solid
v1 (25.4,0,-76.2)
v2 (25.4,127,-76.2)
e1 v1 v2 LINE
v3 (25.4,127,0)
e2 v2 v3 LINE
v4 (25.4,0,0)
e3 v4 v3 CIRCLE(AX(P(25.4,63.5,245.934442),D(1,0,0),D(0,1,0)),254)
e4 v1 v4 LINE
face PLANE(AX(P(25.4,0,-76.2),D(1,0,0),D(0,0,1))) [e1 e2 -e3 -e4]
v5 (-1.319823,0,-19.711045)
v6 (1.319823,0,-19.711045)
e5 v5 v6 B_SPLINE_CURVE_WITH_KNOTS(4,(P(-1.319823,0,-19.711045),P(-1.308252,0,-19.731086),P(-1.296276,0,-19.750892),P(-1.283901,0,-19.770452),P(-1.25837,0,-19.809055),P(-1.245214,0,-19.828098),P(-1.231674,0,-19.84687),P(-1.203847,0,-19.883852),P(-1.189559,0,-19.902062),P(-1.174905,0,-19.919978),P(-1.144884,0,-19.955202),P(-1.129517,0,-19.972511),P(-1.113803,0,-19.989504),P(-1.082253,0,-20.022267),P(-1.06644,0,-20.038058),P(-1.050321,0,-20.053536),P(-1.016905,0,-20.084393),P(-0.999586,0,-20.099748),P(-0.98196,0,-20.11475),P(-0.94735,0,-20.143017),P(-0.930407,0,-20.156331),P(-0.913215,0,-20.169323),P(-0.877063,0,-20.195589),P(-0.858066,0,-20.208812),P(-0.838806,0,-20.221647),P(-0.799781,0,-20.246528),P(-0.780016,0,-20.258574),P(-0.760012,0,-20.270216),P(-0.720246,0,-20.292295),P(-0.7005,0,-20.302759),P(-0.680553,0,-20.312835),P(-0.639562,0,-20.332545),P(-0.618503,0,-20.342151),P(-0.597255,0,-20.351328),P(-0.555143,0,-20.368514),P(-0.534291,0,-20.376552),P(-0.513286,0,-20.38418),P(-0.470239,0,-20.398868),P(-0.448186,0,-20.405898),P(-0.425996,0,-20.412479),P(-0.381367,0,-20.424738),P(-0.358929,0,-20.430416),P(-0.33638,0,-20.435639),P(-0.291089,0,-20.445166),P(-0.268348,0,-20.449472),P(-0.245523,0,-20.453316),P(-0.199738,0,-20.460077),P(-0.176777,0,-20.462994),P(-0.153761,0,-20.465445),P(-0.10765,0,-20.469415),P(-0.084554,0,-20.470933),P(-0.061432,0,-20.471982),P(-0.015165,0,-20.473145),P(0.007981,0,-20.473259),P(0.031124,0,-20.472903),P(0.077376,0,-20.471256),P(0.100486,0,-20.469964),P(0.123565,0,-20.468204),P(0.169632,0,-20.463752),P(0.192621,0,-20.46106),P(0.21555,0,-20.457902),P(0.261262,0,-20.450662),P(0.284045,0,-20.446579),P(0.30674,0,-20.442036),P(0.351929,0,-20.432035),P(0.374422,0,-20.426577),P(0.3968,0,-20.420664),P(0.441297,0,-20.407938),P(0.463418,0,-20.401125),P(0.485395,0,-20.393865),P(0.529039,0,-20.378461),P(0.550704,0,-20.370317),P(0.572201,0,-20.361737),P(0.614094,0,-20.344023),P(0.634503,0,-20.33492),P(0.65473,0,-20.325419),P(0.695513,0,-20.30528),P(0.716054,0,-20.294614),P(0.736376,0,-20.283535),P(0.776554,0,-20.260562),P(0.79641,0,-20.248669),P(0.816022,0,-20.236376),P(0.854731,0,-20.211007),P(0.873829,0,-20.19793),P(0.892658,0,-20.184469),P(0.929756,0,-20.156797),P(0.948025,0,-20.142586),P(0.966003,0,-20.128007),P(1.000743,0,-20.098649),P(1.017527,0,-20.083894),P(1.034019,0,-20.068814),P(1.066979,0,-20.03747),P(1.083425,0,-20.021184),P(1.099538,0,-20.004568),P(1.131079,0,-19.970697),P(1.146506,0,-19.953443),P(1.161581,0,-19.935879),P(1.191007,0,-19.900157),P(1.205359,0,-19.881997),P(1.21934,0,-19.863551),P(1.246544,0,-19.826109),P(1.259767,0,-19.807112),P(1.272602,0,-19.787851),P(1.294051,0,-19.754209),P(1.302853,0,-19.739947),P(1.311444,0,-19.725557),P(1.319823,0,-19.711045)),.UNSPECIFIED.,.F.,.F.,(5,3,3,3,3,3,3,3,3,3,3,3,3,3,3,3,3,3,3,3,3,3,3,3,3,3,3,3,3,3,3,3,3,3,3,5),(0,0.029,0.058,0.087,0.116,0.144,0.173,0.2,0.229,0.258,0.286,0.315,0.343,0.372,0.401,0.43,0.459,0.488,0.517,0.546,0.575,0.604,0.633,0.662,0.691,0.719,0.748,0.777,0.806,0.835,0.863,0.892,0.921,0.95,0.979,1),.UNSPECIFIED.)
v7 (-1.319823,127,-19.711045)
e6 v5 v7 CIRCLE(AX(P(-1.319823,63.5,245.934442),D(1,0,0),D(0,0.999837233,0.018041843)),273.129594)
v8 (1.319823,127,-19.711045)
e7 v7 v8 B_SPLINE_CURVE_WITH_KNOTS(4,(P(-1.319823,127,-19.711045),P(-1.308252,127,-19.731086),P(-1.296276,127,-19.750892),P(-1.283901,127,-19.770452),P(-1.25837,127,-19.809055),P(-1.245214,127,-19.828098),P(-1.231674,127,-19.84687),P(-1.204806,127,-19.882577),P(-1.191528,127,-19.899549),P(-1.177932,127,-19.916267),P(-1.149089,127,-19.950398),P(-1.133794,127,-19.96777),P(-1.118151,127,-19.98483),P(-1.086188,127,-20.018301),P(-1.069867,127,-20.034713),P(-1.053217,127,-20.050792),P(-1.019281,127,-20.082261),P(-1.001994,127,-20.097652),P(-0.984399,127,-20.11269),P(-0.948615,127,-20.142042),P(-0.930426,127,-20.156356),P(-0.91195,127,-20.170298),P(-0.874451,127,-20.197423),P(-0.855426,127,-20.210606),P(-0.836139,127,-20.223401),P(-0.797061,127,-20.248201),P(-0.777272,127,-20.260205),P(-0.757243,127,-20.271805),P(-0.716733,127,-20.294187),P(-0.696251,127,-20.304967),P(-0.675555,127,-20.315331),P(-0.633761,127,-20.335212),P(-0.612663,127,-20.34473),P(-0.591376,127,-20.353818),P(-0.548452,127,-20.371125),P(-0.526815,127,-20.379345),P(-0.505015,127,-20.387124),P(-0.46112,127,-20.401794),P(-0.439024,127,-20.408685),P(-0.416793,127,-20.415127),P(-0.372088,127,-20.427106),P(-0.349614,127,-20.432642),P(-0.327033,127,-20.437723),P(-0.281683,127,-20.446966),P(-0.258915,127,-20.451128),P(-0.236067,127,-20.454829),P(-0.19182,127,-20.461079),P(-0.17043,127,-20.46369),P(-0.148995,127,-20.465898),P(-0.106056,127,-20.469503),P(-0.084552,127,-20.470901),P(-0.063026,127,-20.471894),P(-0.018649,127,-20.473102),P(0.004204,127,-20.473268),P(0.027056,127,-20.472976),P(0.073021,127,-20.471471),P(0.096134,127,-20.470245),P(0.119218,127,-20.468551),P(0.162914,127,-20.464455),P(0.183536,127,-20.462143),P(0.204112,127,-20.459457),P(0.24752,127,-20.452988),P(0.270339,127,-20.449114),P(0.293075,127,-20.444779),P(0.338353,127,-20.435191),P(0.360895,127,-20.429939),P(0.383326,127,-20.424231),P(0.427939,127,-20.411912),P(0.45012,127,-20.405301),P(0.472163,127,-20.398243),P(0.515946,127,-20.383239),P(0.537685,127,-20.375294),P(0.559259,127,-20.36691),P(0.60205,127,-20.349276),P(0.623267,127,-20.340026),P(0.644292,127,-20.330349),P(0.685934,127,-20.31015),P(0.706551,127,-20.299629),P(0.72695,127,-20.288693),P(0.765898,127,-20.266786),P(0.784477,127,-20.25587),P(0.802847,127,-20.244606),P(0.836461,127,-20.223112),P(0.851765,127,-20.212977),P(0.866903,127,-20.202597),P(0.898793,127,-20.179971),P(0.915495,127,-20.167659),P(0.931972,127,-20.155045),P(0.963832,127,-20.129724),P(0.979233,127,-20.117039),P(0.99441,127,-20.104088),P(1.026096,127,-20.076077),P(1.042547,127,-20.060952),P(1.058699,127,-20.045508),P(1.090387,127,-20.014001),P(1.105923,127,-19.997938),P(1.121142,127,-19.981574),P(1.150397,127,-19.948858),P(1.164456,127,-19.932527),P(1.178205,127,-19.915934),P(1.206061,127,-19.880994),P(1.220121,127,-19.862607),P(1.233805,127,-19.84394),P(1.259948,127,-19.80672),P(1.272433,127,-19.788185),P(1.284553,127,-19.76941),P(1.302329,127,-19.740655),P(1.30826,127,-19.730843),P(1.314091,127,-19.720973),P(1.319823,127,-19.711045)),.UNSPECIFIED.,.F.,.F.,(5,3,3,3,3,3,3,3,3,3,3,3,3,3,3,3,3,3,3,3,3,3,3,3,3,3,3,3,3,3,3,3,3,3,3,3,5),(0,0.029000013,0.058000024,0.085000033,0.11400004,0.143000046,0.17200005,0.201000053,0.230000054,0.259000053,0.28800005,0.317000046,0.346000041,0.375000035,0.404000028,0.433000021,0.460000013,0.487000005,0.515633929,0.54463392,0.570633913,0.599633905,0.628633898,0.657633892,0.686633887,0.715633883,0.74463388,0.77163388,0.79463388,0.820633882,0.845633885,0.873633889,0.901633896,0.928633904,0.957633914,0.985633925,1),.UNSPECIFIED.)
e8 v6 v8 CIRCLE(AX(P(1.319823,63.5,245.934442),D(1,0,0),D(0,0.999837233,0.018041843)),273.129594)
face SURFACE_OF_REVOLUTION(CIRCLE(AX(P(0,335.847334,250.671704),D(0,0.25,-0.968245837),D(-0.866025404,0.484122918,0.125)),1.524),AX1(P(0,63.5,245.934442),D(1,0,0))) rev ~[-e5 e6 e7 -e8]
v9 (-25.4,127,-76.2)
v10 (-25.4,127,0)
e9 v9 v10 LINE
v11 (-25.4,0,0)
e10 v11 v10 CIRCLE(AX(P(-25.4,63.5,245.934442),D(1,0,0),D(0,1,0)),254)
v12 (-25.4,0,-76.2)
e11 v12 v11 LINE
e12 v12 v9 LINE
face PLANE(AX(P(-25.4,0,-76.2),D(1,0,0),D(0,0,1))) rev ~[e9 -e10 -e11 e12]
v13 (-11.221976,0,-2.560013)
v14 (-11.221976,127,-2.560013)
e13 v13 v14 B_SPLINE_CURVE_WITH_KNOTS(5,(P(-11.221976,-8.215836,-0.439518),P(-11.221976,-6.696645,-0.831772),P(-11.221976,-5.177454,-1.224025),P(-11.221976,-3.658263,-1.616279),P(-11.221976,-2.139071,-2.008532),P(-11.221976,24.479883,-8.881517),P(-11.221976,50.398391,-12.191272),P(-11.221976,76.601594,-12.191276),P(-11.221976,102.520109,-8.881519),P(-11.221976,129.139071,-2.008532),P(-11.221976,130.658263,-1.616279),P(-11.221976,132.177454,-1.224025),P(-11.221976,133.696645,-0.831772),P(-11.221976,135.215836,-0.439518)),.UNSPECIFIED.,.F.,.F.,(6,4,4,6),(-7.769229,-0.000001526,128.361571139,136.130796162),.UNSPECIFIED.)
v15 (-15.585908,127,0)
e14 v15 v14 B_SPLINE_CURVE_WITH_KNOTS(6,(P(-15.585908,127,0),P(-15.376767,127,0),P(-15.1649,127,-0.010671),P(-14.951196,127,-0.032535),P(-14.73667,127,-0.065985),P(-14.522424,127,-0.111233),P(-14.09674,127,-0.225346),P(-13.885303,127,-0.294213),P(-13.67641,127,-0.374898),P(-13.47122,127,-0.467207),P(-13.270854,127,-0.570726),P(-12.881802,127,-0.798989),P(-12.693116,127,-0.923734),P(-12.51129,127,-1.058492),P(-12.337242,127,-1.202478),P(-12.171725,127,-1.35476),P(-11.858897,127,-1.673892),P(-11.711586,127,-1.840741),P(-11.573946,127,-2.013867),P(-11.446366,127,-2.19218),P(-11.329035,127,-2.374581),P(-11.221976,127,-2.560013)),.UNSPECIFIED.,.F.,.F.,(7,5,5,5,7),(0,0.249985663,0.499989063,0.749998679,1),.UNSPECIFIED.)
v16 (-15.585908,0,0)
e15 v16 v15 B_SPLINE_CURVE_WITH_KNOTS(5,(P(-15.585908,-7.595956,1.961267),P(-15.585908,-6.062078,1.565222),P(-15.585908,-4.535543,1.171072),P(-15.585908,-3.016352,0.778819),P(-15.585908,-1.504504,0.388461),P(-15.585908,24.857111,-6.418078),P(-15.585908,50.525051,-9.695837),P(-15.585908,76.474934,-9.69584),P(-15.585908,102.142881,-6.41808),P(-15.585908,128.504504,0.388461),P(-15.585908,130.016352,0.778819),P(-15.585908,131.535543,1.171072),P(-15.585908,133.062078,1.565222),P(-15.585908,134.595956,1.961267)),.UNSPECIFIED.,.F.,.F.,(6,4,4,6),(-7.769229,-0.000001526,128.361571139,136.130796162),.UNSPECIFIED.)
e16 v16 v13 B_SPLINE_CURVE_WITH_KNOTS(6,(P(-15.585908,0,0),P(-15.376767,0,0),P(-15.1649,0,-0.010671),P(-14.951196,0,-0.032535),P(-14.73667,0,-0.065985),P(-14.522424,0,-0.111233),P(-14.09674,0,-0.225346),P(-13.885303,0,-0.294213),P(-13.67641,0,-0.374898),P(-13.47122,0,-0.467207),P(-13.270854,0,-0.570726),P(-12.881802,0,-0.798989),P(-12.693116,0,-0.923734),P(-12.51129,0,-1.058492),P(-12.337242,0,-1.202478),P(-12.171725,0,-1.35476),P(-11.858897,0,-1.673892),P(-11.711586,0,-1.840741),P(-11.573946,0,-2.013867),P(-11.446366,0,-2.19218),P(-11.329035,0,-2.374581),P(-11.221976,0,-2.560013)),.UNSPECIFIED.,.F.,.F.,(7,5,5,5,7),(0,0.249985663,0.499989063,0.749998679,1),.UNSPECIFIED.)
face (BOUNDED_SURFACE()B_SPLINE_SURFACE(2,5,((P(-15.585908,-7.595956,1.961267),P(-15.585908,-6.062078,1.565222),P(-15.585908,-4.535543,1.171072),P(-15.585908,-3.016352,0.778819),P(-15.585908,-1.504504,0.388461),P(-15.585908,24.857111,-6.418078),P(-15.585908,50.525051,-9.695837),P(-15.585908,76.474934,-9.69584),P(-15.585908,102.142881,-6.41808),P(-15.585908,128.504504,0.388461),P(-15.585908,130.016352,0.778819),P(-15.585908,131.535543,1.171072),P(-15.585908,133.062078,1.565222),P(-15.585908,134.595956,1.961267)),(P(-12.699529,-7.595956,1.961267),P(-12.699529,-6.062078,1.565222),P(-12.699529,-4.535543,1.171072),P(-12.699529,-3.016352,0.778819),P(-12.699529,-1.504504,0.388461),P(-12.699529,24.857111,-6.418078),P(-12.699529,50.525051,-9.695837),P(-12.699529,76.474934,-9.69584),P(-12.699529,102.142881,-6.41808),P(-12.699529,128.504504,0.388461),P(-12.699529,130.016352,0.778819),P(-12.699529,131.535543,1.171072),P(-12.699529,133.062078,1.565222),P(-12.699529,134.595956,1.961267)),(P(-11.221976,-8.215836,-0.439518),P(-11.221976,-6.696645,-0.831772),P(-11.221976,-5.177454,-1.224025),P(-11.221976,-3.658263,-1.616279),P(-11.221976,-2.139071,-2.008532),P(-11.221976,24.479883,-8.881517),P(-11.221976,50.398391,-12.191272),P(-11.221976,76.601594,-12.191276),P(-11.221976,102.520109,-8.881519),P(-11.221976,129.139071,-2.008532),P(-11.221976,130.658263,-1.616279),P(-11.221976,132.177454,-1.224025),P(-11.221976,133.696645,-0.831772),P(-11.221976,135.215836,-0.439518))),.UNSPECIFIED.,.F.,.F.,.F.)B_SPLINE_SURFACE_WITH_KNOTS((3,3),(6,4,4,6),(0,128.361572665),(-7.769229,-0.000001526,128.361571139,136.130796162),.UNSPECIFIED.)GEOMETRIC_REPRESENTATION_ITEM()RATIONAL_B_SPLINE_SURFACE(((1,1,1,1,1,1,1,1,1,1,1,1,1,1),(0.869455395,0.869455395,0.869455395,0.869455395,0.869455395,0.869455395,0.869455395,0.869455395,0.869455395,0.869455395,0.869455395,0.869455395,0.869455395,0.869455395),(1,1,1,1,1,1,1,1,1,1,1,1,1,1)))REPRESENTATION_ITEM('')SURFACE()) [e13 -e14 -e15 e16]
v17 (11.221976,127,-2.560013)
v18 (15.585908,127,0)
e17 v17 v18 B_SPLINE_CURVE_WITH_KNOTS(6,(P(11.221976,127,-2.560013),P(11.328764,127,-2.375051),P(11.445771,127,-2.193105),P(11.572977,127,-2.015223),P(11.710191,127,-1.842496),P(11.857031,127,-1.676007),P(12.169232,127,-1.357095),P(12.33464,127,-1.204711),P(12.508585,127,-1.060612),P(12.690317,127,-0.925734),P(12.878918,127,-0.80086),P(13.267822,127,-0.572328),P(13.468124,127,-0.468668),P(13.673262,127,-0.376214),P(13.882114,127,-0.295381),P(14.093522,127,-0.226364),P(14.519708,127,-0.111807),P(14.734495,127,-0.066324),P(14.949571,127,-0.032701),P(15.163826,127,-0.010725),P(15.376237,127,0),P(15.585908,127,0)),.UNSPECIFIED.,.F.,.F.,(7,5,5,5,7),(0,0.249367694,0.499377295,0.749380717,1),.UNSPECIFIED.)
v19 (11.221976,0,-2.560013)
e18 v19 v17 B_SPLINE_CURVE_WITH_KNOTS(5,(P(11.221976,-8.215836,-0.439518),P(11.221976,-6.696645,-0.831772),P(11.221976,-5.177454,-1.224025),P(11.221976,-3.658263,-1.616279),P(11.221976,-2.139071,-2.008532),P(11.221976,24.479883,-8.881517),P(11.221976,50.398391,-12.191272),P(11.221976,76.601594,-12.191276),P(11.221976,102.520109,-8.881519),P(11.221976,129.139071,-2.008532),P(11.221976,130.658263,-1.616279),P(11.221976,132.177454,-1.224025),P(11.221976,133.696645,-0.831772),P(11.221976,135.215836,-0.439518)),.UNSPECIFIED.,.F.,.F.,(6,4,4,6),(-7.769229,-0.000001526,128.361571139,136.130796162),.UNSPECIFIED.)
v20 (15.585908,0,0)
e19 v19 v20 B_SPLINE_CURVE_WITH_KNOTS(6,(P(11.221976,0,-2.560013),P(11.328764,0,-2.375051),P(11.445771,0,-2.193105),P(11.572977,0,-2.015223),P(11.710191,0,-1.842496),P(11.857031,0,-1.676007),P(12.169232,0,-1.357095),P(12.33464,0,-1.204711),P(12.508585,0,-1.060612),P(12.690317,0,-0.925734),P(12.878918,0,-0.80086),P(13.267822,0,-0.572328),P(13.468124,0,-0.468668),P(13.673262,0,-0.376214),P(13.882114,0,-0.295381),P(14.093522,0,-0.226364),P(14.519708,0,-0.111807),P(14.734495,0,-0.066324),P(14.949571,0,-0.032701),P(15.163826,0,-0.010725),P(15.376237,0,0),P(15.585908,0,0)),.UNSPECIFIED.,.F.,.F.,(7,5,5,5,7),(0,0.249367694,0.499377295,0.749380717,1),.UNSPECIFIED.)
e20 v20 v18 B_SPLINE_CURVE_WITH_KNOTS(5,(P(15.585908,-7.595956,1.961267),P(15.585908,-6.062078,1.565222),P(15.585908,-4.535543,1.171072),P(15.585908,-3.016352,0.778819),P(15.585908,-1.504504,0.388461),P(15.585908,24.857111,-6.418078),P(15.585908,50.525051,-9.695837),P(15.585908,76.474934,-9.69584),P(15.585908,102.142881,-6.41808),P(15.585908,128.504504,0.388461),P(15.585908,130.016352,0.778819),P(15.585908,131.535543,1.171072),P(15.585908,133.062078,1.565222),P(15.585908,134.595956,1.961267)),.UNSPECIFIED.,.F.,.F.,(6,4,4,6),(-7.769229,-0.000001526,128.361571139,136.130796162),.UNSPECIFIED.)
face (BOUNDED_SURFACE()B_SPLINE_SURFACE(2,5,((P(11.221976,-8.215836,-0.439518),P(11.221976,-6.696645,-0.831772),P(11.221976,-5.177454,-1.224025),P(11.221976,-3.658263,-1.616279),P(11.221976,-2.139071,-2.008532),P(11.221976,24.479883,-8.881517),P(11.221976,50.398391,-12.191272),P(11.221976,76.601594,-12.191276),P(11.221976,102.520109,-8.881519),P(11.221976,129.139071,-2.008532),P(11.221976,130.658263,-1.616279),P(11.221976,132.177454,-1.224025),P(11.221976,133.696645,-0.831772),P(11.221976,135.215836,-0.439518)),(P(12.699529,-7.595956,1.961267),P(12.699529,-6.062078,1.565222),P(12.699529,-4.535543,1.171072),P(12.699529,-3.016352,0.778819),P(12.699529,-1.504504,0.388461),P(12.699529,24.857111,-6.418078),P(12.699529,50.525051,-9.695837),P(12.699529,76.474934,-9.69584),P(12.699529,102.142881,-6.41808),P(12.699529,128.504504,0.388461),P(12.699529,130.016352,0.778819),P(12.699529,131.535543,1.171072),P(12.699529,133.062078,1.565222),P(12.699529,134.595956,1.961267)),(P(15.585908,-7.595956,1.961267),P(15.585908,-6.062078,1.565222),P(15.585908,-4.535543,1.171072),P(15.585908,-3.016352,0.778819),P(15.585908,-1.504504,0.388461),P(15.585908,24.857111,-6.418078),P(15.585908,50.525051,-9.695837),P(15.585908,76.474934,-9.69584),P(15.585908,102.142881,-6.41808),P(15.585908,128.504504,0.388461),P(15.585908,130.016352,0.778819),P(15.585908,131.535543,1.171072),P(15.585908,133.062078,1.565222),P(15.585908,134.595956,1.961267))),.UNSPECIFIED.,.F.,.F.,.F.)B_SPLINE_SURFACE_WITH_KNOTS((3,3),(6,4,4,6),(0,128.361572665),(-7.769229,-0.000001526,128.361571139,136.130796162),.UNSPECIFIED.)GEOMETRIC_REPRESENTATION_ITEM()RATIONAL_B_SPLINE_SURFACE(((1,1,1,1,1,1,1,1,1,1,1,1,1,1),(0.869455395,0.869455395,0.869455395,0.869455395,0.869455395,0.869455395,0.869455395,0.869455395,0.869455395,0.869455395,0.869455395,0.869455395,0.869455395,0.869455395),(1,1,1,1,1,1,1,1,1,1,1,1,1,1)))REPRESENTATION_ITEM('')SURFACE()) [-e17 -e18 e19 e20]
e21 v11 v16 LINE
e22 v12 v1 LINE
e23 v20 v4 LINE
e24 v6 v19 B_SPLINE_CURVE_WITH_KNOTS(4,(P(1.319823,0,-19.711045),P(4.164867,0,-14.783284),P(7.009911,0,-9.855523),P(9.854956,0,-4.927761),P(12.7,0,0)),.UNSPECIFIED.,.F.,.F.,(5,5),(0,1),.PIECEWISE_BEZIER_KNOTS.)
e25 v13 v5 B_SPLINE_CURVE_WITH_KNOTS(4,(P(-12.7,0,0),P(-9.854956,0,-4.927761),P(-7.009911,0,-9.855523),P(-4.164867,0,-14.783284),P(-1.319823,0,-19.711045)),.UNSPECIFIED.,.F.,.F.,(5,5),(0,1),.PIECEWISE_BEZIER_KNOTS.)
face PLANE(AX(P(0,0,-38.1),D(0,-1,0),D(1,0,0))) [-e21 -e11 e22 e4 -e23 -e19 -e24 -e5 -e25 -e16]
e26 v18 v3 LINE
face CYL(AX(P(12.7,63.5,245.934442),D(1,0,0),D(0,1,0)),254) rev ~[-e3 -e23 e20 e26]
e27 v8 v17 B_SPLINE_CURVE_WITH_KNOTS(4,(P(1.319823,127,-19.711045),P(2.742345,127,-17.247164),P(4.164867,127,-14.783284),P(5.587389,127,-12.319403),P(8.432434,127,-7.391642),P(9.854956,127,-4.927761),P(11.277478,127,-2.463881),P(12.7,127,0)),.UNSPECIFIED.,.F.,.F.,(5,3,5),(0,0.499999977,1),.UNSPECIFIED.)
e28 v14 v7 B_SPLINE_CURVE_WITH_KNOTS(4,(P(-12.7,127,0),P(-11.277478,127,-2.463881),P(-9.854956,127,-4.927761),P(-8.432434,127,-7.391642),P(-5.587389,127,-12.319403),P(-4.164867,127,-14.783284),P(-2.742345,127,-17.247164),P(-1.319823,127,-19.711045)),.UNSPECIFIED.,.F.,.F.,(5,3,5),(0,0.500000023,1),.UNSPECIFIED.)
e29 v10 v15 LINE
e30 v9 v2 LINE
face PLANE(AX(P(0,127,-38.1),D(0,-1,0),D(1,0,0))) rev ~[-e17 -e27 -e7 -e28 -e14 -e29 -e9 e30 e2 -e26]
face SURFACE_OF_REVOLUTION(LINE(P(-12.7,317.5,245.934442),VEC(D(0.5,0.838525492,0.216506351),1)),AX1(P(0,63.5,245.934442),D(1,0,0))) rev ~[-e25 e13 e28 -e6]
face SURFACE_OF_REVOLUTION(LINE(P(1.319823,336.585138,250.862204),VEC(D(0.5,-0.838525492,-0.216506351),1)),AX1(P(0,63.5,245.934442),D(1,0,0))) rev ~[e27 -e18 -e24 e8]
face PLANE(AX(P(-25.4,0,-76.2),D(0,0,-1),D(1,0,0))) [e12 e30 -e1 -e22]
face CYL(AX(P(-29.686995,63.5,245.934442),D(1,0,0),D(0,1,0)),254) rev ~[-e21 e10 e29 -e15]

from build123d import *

# Parameters (mm, degrees)
F0_W     = 50.8
F0_H     = 76.2
F1_DEPTH = 127
F5_R     = 5.08


with BuildPart() as f1:
    # F0 (on Front) → F1 (new body)
    with BuildSketch(Plane.XZ):
        with Locations((0, -38.1)):
            Rectangle(F0_W, F0_H)
    extrude(amount=-F1_DEPTH)

    # F4: sweep along a path in F2
    with BuildLine(Plane.YZ) as f4_path:
        CenterArc((63.5, 245.9344424842), 254, 0, 360)
    # F3 (on Front) → F4 (sweep, cut)
    with BuildSketch(Plane.XZ):
        with BuildLine():
            Line((1.3198227154, -19.7110452561), (12.7, 0))
            Line((12.7, 0), (43.4110164642, 0))
            Line((43.4110164642, 0), (43.4110164642, 26.4454465359))
            Line((43.4110164642, 26.4454465359), (-29.6869948506, 26.4454465359))
            Line((-29.6869948506, 26.4454465359), (-29.6869948506, 0))
            Line((-29.6869948506, 0), (-12.7, 0))
            Line((-12.7, 0), (-1.3198227154, -19.7110452561))
            ThreePointArc((-1.3198227154, -19.7110452561), (0, -20.4730452561), (1.3198227154, -19.7110452561))
        make_face()
    sweep(path=f4_path.line, mode=Mode.SUBTRACT)

    # F5
    f5_edges = [f1.edges().sort_by_distance(p)[0] for p in [
        (-12.7, 63.5, -8.065558),
        (12.7, 63.5, -8.065558),
    ]]
    fillet(f5_edges, radius=F5_R)


solid = f1.part
